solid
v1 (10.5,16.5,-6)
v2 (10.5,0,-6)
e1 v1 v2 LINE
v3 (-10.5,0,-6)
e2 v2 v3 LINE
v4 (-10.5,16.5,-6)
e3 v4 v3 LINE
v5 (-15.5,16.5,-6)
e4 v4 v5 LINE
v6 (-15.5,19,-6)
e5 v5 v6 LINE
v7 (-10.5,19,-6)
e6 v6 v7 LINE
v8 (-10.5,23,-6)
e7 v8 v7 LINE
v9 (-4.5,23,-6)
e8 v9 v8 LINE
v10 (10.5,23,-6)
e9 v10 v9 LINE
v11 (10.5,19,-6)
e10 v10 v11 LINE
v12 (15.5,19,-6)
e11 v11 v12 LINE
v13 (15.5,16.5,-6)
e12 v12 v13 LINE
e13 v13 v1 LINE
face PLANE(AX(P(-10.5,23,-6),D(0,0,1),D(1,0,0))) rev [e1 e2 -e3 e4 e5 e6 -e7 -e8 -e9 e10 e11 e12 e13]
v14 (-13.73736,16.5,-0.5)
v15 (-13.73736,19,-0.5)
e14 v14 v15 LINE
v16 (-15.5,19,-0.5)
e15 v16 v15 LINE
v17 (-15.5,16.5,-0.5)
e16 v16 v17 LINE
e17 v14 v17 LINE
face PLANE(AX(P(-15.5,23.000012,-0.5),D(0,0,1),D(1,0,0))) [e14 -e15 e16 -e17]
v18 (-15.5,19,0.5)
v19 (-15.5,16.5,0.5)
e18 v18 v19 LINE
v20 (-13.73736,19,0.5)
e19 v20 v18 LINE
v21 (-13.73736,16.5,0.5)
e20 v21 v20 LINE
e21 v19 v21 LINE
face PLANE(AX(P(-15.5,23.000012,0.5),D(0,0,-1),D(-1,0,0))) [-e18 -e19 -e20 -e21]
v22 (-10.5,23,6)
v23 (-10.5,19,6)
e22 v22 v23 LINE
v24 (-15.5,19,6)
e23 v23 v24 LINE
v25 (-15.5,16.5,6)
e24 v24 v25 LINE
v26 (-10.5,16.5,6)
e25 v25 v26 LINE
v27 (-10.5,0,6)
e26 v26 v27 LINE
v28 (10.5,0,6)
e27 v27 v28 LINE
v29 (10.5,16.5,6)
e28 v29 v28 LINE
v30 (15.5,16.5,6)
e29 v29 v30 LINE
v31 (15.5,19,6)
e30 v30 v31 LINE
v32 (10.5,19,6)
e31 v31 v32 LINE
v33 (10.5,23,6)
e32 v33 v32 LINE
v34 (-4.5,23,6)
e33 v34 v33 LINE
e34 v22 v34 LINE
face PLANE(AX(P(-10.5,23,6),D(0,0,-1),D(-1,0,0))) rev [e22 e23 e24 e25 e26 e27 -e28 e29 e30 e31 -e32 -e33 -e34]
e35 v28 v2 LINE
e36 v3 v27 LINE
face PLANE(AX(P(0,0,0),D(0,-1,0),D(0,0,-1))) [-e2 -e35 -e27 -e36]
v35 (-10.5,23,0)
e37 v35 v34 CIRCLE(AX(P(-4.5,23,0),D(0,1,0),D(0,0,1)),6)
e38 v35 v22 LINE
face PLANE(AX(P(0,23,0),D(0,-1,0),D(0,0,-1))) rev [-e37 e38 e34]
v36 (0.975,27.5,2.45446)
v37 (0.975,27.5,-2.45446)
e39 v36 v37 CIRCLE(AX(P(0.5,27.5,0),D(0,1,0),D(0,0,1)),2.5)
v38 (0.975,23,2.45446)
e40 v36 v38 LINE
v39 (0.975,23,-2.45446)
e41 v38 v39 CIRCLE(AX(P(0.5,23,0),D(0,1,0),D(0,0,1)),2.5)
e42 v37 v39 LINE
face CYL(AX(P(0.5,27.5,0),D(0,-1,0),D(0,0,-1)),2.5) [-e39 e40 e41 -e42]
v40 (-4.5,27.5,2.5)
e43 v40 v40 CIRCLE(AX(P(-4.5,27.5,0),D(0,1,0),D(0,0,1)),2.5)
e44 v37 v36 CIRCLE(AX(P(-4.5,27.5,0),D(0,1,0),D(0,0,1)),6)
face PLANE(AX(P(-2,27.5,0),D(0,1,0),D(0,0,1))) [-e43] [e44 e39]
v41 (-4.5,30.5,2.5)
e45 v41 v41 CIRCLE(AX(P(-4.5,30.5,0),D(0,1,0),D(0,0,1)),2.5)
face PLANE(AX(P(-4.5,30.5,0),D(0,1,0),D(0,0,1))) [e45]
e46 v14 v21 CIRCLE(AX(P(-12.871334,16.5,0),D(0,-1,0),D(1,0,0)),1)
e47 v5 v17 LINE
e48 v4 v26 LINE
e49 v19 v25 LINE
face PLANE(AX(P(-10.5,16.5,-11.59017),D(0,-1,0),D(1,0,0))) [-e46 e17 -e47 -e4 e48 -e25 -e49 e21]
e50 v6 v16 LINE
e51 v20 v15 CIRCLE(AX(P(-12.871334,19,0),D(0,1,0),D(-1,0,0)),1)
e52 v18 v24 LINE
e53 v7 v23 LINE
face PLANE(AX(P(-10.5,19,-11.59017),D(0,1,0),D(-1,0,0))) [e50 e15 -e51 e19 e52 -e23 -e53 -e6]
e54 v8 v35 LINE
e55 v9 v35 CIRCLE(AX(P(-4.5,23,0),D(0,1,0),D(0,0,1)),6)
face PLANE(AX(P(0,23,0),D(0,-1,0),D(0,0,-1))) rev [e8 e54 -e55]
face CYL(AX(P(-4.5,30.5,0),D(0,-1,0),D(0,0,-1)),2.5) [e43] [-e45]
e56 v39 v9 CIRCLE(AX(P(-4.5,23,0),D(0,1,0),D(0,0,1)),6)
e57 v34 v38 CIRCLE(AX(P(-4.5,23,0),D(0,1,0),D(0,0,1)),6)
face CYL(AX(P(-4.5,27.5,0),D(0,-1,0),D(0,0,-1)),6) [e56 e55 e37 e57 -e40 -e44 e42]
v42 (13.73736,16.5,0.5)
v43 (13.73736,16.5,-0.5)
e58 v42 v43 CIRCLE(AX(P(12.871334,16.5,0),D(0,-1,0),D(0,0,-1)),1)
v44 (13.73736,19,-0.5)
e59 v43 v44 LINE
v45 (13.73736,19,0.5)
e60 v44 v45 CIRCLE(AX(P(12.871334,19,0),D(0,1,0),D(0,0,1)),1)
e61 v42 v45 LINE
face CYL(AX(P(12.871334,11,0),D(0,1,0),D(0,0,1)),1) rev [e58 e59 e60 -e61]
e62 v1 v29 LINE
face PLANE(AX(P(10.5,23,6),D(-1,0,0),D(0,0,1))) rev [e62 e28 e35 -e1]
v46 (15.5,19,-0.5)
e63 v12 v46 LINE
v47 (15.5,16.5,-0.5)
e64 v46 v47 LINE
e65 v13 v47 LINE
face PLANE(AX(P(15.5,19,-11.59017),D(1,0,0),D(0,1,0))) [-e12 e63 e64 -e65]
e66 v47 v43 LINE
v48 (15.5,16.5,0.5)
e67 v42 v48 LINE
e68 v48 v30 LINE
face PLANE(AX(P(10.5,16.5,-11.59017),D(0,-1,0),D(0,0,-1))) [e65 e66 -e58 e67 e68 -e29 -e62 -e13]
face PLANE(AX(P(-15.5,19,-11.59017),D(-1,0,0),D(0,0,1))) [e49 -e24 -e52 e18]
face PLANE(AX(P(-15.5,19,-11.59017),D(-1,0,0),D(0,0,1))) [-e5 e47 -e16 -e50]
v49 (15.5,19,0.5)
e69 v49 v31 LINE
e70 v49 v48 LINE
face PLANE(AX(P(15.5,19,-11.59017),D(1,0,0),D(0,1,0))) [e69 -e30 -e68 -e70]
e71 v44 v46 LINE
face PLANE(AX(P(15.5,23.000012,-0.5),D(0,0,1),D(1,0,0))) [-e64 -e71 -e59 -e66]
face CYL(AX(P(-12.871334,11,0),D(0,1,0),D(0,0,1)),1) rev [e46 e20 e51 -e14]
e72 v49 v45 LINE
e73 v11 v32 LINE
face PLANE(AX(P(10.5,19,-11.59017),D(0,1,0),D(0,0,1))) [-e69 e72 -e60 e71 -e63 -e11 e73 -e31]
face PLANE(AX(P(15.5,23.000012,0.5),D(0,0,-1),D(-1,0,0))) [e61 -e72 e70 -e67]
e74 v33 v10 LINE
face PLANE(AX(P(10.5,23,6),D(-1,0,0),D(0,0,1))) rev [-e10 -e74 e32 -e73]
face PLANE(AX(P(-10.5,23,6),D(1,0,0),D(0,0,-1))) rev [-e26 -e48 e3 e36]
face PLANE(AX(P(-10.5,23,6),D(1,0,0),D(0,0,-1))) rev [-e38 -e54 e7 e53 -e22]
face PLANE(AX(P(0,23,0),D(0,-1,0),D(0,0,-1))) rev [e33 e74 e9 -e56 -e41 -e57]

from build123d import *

# Parameters (mm, degrees)
SKETCH1_W               = 21
SKETCH1_H               = 12
BOSS_EXTRUDE1_DEPTH     = 23
SKETCH2_W               = 5
SKETCH2_H               = 2.5
BOSS_EXTRUDE2_DEPTH     = 12
CUT_EXTRUDE2_DEPTH      = 29.376927247
CUT_EXTRUDE2_DEPTH_BACK = 12
BOSS_EXTRUDE3_DEPTH     = 4.5
SKETCH5_R               = 2.5
BOSS_EXTRUDE4_DEPTH     = 3


with BuildPart() as part:
    # Sketch1 → Boss-Extrude1 (new body)
    with BuildSketch(Plane(origin=(0, 0, 0), x_dir=(1, 0, 0), z_dir=(0, 1, 0))):
        Rectangle(SKETCH1_W, SKETCH1_H)
    extrude(amount=BOSS_EXTRUDE1_DEPTH)

    # Sketch2 → Boss-Extrude2 (add)
    with BuildSketch(Plane.XY.offset(6)):
        with Locations((13, 17.75)):
            Rectangle(SKETCH2_W, SKETCH2_H)
        with Locations((-13, 17.75)):
            Rectangle(SKETCH2_W, SKETCH2_H)
    extrude(amount=-BOSS_EXTRUDE2_DEPTH)

    # Sketch3 → Cut-Extrude2 (cut, two sides: drawn at the far end of the back side and taken through both)
    with BuildSketch(Plane(origin=(0, 23, 0), x_dir=(1, 0, 0), z_dir=(0, 1, 0)).offset(-CUT_EXTRUDE2_DEPTH_BACK)):
        with BuildLine():
            Line((15.5, 0.5), (15.5, -0.5))
            Line((15.5, -0.5), (13.737359872, -0.5))
            ThreePointArc((13.737359872, -0.5), (11.871334468, 0), (13.737359872, 0.5))
            Line((13.737359872, 0.5), (15.5, 0.5))
        make_face()
        with BuildLine():
            Line((-15.5, 0.5), (-13.737359872, 0.5))
            ThreePointArc((-13.737359872, 0.5), (-11.871334468, 0), (-13.737359872, -0.5))
            Line((-13.737359872, -0.5), (-15.5, -0.5))
            Line((-15.5, -0.5), (-15.5, 0.5))
        make_face()
    extrude(amount=CUT_EXTRUDE2_DEPTH + CUT_EXTRUDE2_DEPTH_BACK, mode=Mode.SUBTRACT)

    # Sketch4 → Boss-Extrude3 (add)
    with BuildSketch(Plane(origin=(0, 23, 0), x_dir=(1, 0, 0), z_dir=(0, 1, 0))):
        with BuildLine():
            ThreePointArc((0.975, 2.454460226), (-10.5, 0), (0.975, -2.454460226))
            ThreePointArc((0.975, -2.454460226), (3, 0), (0.975, 2.454460226))
        make_face()
    extrude(amount=BOSS_EXTRUDE3_DEPTH)

    # Sketch5 → Boss-Extrude4 (add)
    with BuildSketch(Plane(origin=(0, 27.5, 0), x_dir=(1, 0, 0), z_dir=(0, 1, 0))):
        with Locations(Location((-4.5, 0, 0), (0, 0, 270))):
            Circle(SKETCH5_R)
    extrude(amount=BOSS_EXTRUDE4_DEPTH)


solid = part.part
